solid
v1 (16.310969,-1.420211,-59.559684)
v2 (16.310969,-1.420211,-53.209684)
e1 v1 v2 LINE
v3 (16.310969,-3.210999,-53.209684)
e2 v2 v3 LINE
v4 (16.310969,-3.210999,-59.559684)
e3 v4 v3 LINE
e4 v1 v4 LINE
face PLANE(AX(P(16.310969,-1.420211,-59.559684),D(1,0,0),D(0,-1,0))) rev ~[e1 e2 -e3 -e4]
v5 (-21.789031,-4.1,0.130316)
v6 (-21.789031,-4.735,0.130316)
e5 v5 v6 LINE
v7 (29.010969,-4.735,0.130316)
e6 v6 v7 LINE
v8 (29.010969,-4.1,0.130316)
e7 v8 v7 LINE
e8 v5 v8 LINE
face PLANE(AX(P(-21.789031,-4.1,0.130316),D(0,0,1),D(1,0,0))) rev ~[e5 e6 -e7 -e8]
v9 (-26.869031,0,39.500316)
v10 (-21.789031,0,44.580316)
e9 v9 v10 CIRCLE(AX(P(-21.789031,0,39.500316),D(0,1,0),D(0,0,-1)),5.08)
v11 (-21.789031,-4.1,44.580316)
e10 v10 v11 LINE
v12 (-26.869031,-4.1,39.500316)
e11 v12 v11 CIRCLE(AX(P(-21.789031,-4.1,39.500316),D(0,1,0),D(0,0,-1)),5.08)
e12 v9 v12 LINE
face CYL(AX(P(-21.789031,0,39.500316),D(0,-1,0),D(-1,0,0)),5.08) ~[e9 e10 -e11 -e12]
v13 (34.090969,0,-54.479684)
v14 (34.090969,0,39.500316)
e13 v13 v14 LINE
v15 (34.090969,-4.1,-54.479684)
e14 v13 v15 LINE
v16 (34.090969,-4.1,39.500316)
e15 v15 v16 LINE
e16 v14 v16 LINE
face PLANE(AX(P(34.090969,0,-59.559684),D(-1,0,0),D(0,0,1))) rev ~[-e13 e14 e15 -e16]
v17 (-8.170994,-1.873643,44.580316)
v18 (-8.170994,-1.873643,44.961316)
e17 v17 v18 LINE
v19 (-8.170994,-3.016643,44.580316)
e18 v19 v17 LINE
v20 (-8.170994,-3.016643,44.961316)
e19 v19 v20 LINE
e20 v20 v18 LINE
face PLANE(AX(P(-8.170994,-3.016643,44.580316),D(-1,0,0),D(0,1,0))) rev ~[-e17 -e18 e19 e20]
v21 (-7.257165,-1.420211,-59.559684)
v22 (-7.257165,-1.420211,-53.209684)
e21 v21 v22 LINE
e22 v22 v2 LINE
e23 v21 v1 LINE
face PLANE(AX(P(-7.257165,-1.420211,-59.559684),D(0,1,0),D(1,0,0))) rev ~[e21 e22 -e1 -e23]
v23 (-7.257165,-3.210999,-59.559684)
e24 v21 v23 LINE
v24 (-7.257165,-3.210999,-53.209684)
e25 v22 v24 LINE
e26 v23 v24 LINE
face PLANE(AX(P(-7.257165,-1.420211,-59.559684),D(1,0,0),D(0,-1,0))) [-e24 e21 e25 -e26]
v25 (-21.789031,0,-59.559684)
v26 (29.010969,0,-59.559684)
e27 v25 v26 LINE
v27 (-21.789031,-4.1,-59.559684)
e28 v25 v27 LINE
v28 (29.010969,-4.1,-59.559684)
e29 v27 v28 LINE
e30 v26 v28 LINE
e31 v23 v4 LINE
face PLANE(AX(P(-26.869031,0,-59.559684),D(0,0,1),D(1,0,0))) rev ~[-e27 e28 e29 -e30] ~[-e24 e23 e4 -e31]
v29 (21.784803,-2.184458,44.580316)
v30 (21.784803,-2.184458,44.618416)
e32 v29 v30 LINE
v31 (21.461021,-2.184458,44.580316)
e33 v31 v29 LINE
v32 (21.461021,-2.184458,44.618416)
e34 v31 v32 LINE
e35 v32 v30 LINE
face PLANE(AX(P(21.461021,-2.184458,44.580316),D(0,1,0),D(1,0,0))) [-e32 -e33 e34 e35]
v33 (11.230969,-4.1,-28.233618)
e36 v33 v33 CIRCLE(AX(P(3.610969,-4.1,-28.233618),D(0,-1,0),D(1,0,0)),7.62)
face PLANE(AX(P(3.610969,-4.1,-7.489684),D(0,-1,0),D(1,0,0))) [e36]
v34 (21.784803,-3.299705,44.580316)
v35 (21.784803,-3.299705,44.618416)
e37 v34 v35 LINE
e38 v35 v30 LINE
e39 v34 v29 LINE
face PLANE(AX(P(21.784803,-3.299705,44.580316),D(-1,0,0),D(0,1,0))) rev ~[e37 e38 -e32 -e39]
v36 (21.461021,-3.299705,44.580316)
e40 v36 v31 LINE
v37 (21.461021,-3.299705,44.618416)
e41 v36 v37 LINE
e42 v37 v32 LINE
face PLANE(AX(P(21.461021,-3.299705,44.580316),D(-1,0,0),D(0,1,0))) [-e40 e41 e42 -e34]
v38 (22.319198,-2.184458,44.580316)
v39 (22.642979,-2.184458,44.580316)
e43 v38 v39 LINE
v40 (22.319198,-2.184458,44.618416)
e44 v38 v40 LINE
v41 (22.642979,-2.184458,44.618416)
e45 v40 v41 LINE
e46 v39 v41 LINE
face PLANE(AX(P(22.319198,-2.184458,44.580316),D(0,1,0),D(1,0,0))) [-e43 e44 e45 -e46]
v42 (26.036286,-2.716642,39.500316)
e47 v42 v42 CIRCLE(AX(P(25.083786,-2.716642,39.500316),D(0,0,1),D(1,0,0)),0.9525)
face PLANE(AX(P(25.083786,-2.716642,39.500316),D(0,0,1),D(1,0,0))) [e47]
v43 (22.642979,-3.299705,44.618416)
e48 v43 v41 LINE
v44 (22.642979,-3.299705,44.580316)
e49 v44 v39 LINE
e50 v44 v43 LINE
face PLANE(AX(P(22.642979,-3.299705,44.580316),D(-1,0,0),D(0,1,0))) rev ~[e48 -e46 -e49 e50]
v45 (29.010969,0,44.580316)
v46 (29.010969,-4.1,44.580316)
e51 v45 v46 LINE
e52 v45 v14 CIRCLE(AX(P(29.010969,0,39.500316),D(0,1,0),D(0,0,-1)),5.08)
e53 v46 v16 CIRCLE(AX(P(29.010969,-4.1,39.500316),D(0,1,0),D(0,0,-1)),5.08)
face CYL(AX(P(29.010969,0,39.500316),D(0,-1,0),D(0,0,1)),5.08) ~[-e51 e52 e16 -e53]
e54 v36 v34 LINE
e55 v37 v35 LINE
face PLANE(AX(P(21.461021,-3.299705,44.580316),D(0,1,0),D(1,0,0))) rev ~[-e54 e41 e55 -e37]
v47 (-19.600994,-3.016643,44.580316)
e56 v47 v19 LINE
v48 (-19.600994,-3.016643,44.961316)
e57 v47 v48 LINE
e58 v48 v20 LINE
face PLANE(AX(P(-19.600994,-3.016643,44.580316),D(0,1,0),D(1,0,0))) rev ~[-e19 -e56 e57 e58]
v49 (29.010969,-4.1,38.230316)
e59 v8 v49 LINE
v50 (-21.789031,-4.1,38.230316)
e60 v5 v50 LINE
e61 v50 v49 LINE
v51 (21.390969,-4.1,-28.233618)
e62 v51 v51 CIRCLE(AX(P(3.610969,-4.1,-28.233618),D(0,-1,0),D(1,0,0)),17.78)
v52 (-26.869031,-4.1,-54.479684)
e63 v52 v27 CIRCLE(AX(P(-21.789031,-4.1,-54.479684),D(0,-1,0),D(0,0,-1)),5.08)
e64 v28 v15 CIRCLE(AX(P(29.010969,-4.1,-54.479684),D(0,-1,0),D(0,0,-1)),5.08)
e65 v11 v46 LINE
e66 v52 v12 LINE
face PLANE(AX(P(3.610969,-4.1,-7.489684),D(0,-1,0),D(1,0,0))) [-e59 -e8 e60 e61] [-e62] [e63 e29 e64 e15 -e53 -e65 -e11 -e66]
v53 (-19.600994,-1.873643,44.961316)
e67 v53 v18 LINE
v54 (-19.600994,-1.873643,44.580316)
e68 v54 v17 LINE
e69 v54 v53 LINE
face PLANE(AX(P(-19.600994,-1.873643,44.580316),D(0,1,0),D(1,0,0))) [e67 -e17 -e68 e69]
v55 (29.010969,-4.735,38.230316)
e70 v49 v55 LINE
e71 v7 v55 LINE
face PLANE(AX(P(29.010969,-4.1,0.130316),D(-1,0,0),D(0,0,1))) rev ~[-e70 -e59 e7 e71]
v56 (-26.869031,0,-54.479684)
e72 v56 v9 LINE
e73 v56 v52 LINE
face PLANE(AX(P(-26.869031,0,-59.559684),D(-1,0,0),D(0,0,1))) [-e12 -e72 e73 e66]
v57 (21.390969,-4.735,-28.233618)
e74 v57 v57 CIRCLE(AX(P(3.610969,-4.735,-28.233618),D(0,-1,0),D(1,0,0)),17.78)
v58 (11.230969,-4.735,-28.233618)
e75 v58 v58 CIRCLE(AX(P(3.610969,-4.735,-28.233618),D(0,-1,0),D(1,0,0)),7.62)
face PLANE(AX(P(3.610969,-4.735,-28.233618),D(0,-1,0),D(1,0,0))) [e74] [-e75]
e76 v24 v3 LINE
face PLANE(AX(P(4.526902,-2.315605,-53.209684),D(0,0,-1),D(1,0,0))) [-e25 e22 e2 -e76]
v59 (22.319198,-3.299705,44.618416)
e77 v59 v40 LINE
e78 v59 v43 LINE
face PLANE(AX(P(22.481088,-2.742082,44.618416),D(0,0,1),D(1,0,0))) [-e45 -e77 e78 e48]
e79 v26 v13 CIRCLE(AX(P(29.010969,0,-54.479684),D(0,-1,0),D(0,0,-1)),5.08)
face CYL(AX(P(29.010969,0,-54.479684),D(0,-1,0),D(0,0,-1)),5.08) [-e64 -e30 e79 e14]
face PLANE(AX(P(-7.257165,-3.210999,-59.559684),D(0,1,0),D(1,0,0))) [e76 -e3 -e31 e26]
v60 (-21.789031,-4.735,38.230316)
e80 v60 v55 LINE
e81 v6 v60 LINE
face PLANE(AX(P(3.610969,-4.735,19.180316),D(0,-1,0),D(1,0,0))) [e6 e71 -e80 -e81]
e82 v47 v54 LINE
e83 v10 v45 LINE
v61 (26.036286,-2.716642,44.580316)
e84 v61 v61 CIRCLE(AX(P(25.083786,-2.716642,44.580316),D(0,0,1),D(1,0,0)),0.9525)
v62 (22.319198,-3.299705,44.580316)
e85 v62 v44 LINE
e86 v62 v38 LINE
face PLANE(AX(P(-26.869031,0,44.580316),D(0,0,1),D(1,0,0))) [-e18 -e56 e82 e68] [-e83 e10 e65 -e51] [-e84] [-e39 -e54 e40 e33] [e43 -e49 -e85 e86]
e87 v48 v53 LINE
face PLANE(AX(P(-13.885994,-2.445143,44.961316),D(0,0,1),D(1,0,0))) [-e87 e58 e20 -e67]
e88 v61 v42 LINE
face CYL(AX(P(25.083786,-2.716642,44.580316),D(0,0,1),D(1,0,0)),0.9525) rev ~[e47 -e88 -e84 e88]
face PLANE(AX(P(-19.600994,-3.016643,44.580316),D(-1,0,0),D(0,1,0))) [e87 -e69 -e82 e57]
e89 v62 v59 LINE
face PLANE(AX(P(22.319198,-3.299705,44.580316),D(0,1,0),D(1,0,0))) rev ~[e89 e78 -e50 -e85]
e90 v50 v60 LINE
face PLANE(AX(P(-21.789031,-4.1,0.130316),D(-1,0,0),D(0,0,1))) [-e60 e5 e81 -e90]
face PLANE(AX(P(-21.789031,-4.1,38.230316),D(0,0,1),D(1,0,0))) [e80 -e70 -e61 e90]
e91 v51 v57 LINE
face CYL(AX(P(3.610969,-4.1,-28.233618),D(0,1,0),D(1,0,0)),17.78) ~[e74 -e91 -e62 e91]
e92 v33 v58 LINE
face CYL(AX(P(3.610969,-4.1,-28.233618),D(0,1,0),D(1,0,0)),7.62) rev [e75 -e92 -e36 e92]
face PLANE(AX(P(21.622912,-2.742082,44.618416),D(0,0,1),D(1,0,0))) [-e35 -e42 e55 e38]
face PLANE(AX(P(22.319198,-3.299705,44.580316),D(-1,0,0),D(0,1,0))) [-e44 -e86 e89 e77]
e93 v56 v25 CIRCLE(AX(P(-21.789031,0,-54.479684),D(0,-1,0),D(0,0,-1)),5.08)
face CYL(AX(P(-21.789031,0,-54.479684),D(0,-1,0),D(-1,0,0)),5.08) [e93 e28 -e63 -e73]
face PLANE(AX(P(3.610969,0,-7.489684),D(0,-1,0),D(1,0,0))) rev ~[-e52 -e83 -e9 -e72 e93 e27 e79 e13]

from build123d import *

# Parameters (mm, degrees)
F0_W      = 60.96
F0_H      = 104.14
F1_DEPTH  = 4.1
F2_W      = 50.8
F2_H      = 38.1
F2_R      = 17.78
F2_R_2    = 7.62
F3_DEPTH  = 0.635
F4_R      = 5.08
F5_R      = 1.27
F6_DEPTH  = 3.81
F7_W      = 0.127
F7_H      = 0.635
F7_H_2    = 0.641739
F8_DEPTH  = 0.0635
F9_W      = 23.568134
F9_H      = 1.790789
F10_DEPTH = 6.35
F11_W     = 11.43
F11_H     = 1.143
F12_DEPTH = 0.381
F13_R     = 0.9525
F14_DEPTH = 5.08
F15_W     = 0.323782
F15_H     = 1.115247
F15_W_2   = 0.323781
F16_DEPTH = 0.0381


with BuildPart() as f1:
    # F0 (on Front) → F1 (new body)
    with BuildSketch(Plane.XZ):
        with Locations((3.610969, -7.489684)):
            Rectangle(F0_W, F0_H)
    extrude(amount=F1_DEPTH)

    # F2 (on face) → F3 (join)
    with BuildSketch(Plane.XZ.offset(4.1)):
        with Locations((3.610969, 19.180316)):
            Rectangle(F2_W, F2_H)
        with Locations((3.610969, -28.233618)):
            Circle(F2_R)
        with Locations((3.610969, -28.233618)):
            Circle(F2_R_2, mode=Mode.SUBTRACT)
    extrude(amount=F3_DEPTH)

    # F4
    f4_edges = [f1.edges().sort_by_distance(p)[0] for p in [
        (-26.869031, -2.05, 44.580316),
        (34.090969, -2.05, 44.580316),
        (34.090969, -2.05, -59.559684),
        (-26.869031, -2.05, -59.559684),
    ]]
    fillet(f4_edges, radius=F4_R)

    # F5 (on face) → F6 (cut)
    with BuildSketch(Plane.XY.offset(44.580316)):
        with Locations((25.835969, -8.355387)):
            Circle(F5_R)
    extrude(amount=-F6_DEPTH, mode=Mode.SUBTRACT)

    # F7 (on face) → F8 (cut)
    with BuildSketch(Plane.XY.offset(44.580316)):
        with Locations((23.406764, -8.501846)):
            Rectangle(F7_W, F7_H)
        with Locations((23.75507, -8.505765)):
            Rectangle(F7_W, F7_H_2)
    extrude(amount=-F8_DEPTH, mode=Mode.SUBTRACT)

    # F9 (on face) → F10 (cut)
    with BuildSketch(Plane(origin=(0, 0, -59.559684), x_dir=(1, 0, 0), z_dir=(0, 0, -1))):
        with Locations((4.526902, 2.315605)):
            Rectangle(F9_W, F9_H)
    extrude(amount=-F10_DEPTH, mode=Mode.SUBTRACT)

    # F11 (on face) → F12 (join)
    with BuildSketch(Plane.XY.offset(44.580316)):
        with Locations((-13.885994, -2.445143)):
            Rectangle(F11_W, F11_H)
    extrude(amount=F12_DEPTH)

    # F13 (on face) → F14 (cut)
    with BuildSketch(Plane.XY.offset(44.580316)):
        with Locations((25.083786, -2.716642)):
            Circle(F13_R)
    extrude(amount=-F14_DEPTH, mode=Mode.SUBTRACT)

    # F15 (on face) → F16 (join)
    with BuildSketch(Plane.XY.offset(44.580316)):
        with Locations((21.622912, -2.742082)):
            Rectangle(F15_W, F15_H)
        with Locations((22.481088, -2.742082)):
            Rectangle(F15_W_2, F15_H)
    extrude(amount=F16_DEPTH)


solid = f1.part
